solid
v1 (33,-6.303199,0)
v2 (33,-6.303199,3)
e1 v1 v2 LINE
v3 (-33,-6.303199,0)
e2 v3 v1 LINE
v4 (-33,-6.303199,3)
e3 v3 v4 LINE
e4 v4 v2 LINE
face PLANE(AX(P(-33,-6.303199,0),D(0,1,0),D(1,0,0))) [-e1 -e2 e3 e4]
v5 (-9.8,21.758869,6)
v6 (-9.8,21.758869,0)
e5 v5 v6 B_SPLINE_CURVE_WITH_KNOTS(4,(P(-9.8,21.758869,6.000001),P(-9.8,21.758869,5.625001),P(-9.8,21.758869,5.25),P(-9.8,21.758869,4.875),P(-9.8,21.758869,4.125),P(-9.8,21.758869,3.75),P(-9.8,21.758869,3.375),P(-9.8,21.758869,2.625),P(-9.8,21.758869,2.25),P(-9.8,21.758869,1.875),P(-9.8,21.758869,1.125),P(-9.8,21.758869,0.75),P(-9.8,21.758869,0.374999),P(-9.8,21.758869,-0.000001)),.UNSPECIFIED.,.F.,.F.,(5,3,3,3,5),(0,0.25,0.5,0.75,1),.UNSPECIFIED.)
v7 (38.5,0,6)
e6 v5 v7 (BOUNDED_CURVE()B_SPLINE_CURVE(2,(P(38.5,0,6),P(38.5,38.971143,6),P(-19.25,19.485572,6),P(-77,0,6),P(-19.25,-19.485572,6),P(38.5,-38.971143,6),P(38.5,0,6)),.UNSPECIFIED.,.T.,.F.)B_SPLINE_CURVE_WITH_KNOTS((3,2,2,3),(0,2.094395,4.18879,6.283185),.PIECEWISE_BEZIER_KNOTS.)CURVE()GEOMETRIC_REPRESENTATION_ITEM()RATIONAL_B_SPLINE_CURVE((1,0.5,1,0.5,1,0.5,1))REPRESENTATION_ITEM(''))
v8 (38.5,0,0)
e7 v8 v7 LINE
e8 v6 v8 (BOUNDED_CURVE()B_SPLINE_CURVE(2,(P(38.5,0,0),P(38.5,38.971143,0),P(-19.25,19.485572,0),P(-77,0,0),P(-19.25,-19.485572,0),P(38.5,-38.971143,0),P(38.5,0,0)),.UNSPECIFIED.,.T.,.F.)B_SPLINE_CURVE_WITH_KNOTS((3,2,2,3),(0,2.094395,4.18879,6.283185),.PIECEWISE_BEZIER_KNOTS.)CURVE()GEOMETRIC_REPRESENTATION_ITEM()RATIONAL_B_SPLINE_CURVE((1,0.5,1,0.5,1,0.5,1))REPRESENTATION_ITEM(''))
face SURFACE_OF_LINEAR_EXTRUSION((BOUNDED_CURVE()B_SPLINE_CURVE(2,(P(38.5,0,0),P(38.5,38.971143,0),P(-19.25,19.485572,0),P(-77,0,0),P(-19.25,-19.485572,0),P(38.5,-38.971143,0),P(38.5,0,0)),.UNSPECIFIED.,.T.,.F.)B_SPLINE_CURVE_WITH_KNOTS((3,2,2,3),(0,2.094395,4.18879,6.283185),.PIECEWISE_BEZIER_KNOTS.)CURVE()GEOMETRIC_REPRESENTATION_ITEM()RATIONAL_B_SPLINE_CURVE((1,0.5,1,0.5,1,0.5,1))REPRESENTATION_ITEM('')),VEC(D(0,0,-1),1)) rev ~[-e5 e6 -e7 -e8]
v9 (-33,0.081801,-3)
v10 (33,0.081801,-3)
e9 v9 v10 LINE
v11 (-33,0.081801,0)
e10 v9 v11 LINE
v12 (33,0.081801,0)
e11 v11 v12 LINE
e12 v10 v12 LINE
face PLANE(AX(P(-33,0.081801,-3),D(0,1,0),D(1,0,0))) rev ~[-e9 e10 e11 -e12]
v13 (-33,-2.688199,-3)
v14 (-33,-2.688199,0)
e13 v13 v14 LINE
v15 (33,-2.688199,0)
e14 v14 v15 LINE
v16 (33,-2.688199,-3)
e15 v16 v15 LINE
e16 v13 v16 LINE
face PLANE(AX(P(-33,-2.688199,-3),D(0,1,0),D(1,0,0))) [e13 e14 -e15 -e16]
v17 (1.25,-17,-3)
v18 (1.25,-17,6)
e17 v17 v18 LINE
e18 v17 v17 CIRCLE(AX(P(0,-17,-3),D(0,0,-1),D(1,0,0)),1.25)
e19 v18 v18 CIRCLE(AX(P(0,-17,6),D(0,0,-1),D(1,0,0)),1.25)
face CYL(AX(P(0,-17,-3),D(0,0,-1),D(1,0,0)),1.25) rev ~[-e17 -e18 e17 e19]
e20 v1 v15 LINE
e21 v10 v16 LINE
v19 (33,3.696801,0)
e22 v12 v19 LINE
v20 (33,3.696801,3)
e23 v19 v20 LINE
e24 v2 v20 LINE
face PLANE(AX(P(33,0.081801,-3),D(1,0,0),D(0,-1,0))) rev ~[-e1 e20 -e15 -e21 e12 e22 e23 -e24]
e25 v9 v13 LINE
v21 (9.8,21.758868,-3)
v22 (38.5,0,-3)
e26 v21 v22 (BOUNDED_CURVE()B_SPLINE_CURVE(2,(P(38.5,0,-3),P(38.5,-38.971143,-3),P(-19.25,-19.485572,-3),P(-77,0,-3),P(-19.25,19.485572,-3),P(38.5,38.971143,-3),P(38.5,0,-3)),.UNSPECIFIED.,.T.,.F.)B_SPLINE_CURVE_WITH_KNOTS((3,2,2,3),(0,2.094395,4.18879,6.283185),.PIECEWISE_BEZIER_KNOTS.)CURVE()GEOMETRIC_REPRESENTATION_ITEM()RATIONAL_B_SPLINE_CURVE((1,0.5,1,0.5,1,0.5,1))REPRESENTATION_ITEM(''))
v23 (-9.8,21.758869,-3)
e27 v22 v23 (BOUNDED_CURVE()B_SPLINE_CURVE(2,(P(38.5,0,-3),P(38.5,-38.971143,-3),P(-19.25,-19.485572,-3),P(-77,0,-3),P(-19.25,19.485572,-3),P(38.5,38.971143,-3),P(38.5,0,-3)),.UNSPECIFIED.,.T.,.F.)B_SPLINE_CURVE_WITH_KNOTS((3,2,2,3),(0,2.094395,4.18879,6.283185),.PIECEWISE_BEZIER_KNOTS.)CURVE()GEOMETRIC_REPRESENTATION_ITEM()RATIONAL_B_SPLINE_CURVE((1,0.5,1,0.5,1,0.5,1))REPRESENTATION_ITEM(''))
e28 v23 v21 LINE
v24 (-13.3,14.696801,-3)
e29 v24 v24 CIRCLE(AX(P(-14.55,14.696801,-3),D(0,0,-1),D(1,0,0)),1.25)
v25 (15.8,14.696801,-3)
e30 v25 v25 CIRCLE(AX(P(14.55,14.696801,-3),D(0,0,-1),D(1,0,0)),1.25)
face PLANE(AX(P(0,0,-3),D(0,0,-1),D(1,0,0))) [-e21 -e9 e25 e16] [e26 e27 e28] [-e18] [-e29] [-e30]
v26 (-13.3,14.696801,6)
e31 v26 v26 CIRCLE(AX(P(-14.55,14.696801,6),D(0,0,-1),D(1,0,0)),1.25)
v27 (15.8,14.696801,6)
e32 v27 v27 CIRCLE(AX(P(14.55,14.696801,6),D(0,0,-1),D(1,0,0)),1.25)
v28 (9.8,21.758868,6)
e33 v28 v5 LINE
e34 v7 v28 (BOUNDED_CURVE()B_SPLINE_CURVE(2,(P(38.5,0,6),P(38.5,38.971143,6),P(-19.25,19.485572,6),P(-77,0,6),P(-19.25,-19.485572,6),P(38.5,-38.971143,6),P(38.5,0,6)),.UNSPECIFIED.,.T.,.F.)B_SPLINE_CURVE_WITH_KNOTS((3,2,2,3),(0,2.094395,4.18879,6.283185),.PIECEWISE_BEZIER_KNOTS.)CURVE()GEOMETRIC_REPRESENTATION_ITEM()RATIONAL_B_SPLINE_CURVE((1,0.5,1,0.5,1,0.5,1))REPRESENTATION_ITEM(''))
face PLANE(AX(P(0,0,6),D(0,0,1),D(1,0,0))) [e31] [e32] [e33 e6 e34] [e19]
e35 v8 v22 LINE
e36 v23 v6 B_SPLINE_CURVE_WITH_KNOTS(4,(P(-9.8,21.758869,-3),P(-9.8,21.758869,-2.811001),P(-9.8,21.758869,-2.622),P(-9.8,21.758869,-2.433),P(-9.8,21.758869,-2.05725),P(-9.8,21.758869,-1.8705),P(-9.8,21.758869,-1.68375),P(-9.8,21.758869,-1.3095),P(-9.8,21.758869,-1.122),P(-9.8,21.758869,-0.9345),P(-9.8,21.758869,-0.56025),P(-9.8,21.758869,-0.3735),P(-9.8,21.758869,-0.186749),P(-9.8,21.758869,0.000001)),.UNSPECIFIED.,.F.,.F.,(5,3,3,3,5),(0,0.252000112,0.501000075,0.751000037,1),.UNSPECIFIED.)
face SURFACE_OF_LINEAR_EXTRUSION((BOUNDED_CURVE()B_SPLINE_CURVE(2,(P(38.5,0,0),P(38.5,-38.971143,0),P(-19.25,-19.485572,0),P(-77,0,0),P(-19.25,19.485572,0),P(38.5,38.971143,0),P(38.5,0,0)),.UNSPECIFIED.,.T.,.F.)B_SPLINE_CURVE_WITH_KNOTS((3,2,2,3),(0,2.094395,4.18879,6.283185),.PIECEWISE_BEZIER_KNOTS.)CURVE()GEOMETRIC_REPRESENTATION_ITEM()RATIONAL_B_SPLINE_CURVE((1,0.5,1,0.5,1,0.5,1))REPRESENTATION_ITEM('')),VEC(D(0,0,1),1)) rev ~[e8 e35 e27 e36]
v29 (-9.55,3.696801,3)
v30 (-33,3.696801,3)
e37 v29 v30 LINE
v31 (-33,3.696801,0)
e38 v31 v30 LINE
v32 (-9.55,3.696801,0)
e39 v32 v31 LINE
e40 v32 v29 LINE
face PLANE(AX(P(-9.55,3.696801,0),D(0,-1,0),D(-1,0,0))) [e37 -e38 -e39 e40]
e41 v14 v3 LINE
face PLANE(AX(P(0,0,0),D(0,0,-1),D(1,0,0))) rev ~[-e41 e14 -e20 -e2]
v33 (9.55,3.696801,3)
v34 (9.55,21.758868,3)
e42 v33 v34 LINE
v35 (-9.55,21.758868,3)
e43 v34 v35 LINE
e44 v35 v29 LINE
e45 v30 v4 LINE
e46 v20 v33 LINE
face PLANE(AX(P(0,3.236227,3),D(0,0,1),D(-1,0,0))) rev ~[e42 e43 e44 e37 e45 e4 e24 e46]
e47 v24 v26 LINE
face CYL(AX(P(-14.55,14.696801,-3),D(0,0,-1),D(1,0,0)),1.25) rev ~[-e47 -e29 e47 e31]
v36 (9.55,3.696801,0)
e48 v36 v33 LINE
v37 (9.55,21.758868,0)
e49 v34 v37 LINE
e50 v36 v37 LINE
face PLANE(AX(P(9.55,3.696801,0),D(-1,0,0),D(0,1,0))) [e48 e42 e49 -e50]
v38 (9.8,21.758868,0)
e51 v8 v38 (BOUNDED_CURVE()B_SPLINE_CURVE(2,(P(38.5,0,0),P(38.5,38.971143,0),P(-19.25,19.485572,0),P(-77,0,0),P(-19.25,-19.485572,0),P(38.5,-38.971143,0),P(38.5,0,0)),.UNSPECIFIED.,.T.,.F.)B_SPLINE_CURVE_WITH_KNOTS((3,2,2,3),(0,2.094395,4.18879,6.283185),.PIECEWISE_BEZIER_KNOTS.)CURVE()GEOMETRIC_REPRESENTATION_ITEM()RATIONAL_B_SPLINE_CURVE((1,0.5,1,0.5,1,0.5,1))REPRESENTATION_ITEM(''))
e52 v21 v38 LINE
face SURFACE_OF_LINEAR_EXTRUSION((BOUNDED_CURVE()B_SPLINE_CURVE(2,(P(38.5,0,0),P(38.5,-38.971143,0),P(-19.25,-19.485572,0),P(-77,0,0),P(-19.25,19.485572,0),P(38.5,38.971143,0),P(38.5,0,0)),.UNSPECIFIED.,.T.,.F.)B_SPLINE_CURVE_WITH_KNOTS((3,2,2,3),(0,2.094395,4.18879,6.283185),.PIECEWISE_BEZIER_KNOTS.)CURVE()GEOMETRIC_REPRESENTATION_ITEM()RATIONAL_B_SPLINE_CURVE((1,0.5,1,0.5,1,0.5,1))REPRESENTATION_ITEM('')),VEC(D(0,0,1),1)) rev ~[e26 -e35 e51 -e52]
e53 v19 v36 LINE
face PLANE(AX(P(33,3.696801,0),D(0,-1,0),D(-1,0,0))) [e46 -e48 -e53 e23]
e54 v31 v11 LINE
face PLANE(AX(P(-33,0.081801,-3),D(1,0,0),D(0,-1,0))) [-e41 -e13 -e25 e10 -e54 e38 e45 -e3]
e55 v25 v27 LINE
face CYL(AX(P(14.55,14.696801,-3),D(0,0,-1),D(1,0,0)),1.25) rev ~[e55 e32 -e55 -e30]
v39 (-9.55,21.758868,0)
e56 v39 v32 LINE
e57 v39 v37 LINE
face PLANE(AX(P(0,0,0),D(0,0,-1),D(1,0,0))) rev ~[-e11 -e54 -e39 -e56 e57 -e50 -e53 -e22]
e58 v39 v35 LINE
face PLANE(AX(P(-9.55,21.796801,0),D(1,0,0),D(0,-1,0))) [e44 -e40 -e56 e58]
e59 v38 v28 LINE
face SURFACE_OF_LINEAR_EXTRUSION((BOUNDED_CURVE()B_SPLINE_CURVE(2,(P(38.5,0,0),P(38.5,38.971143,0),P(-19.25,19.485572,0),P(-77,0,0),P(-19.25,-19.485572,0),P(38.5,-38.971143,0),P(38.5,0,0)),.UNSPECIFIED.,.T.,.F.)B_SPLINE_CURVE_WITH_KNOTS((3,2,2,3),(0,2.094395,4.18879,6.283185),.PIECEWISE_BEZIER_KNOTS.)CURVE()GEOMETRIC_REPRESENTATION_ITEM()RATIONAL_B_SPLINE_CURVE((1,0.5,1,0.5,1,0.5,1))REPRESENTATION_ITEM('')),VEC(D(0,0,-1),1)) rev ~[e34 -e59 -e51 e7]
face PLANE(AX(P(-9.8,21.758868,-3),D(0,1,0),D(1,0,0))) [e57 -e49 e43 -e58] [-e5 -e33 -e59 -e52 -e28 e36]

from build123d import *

# Parameters (mm, degrees)
PAD_DEPTH       = 6
POCKET_DEPTH    = 3
PAD001_DEPTH    = 3
SKETCH003_W     = 66
SKETCH003_H     = 2.77
POCKET001_DEPTH = 3
SKETCH004_W     = 19.6
SKETCH004_H     = 1
POCKET002_DEPTH = 9.001
SKETCH005_R     = 1.25
POCKET003_DEPTH = 9.001


with BuildPart() as part:
    # Sketch → Pad (new body)
    with BuildSketch(Plane.XY):
        with BuildLine():
            add(Edge.make_bspline(
                [(38.5, 0), (38.5, 38.971143), (-19.25, 19.485572), (-77, 0), (-19.25, -19.485572), (38.5, -38.971143), (38.5, 0)],
                knots=[0, 0, 0, 2.094395, 2.094395, 4.18879, 4.18879, 6.283185, 6.283185, 6.283185], degree=2, weights=[1, 0.5, 1, 0.5, 1, 0.5, 1]))
        make_face()
    extrude(amount=PAD_DEPTH)

    # Sketch001 (on Face2 of Pad) → Pocket (cut)
    with BuildSketch(Plane(origin=(0, 0, 0), x_dir=(1, 0, 0), z_dir=(0, 0, -1))):
        Polygon((9.55, -3.696801), (9.55, -21.796801), (-9.55, -21.796801), (-9.55, -3.696801), (-33, -3.696801), (-33, 6.303199), (33, 6.303199), (33, -3.696801), align=None)
    extrude(amount=-POCKET_DEPTH, mode=Mode.SUBTRACT)

    # Sketch002 (on Face2 of Pocket) → Pad001 (join)
    with BuildSketch(Plane(origin=(0, 0, 0), x_dir=(1, 0, 0), z_dir=(0, 0, -1))):
        with BuildLine():
            add(Edge.make_bspline(
                [(38.5, 0), (38.5, 38.971143), (-19.25, 19.485572), (-77, 0), (-19.25, -19.485572), (38.5, -38.971143), (38.5, 0)],
                knots=[0, 0, 0, 2.094395, 2.094395, 4.18879, 4.18879, 6.283185, 6.283185, 6.283185], degree=2, weights=[1, 0.5, 1, 0.5, 1, 0.5, 1]))
        make_face()
    extrude(amount=PAD001_DEPTH)

    # Sketch003 (on Face4 of Pad001) → Pocket001 (cut)
    with BuildSketch(Plane(origin=(0, 0, -3), x_dir=(1, 0, 0), z_dir=(0, 0, -1))):
        with Locations((0, 1.303199)):
            Rectangle(SKETCH003_W, SKETCH003_H)
    extrude(amount=-POCKET001_DEPTH, mode=Mode.SUBTRACT)

    # Sketch004 (on Face4 of Pocket001) → Pocket002 (cut, through all)
    with BuildSketch(Plane(origin=(0, 0, -3), x_dir=(1, 0, 0), z_dir=(0, 0, -1))):
        with Locations((0, -22.258868)):
            Rectangle(SKETCH004_W, SKETCH004_H)
    extrude(amount=-POCKET002_DEPTH, mode=Mode.SUBTRACT)

    # Sketch005 (on Face7 of Pocket002) → Pocket003 (cut, through all)
    with BuildSketch(Plane(origin=(0, 0, -3), x_dir=(1, 0, 0), z_dir=(0, 0, -1))):
        with Locations((-14.55, -14.696801)):
            Circle(SKETCH005_R)
        with Locations((0, 17)):
            Circle(SKETCH005_R)
        with Locations((14.55, -14.696801)):
            Circle(SKETCH005_R)
    extrude(amount=-POCKET003_DEPTH, mode=Mode.SUBTRACT)


solid = part.part
